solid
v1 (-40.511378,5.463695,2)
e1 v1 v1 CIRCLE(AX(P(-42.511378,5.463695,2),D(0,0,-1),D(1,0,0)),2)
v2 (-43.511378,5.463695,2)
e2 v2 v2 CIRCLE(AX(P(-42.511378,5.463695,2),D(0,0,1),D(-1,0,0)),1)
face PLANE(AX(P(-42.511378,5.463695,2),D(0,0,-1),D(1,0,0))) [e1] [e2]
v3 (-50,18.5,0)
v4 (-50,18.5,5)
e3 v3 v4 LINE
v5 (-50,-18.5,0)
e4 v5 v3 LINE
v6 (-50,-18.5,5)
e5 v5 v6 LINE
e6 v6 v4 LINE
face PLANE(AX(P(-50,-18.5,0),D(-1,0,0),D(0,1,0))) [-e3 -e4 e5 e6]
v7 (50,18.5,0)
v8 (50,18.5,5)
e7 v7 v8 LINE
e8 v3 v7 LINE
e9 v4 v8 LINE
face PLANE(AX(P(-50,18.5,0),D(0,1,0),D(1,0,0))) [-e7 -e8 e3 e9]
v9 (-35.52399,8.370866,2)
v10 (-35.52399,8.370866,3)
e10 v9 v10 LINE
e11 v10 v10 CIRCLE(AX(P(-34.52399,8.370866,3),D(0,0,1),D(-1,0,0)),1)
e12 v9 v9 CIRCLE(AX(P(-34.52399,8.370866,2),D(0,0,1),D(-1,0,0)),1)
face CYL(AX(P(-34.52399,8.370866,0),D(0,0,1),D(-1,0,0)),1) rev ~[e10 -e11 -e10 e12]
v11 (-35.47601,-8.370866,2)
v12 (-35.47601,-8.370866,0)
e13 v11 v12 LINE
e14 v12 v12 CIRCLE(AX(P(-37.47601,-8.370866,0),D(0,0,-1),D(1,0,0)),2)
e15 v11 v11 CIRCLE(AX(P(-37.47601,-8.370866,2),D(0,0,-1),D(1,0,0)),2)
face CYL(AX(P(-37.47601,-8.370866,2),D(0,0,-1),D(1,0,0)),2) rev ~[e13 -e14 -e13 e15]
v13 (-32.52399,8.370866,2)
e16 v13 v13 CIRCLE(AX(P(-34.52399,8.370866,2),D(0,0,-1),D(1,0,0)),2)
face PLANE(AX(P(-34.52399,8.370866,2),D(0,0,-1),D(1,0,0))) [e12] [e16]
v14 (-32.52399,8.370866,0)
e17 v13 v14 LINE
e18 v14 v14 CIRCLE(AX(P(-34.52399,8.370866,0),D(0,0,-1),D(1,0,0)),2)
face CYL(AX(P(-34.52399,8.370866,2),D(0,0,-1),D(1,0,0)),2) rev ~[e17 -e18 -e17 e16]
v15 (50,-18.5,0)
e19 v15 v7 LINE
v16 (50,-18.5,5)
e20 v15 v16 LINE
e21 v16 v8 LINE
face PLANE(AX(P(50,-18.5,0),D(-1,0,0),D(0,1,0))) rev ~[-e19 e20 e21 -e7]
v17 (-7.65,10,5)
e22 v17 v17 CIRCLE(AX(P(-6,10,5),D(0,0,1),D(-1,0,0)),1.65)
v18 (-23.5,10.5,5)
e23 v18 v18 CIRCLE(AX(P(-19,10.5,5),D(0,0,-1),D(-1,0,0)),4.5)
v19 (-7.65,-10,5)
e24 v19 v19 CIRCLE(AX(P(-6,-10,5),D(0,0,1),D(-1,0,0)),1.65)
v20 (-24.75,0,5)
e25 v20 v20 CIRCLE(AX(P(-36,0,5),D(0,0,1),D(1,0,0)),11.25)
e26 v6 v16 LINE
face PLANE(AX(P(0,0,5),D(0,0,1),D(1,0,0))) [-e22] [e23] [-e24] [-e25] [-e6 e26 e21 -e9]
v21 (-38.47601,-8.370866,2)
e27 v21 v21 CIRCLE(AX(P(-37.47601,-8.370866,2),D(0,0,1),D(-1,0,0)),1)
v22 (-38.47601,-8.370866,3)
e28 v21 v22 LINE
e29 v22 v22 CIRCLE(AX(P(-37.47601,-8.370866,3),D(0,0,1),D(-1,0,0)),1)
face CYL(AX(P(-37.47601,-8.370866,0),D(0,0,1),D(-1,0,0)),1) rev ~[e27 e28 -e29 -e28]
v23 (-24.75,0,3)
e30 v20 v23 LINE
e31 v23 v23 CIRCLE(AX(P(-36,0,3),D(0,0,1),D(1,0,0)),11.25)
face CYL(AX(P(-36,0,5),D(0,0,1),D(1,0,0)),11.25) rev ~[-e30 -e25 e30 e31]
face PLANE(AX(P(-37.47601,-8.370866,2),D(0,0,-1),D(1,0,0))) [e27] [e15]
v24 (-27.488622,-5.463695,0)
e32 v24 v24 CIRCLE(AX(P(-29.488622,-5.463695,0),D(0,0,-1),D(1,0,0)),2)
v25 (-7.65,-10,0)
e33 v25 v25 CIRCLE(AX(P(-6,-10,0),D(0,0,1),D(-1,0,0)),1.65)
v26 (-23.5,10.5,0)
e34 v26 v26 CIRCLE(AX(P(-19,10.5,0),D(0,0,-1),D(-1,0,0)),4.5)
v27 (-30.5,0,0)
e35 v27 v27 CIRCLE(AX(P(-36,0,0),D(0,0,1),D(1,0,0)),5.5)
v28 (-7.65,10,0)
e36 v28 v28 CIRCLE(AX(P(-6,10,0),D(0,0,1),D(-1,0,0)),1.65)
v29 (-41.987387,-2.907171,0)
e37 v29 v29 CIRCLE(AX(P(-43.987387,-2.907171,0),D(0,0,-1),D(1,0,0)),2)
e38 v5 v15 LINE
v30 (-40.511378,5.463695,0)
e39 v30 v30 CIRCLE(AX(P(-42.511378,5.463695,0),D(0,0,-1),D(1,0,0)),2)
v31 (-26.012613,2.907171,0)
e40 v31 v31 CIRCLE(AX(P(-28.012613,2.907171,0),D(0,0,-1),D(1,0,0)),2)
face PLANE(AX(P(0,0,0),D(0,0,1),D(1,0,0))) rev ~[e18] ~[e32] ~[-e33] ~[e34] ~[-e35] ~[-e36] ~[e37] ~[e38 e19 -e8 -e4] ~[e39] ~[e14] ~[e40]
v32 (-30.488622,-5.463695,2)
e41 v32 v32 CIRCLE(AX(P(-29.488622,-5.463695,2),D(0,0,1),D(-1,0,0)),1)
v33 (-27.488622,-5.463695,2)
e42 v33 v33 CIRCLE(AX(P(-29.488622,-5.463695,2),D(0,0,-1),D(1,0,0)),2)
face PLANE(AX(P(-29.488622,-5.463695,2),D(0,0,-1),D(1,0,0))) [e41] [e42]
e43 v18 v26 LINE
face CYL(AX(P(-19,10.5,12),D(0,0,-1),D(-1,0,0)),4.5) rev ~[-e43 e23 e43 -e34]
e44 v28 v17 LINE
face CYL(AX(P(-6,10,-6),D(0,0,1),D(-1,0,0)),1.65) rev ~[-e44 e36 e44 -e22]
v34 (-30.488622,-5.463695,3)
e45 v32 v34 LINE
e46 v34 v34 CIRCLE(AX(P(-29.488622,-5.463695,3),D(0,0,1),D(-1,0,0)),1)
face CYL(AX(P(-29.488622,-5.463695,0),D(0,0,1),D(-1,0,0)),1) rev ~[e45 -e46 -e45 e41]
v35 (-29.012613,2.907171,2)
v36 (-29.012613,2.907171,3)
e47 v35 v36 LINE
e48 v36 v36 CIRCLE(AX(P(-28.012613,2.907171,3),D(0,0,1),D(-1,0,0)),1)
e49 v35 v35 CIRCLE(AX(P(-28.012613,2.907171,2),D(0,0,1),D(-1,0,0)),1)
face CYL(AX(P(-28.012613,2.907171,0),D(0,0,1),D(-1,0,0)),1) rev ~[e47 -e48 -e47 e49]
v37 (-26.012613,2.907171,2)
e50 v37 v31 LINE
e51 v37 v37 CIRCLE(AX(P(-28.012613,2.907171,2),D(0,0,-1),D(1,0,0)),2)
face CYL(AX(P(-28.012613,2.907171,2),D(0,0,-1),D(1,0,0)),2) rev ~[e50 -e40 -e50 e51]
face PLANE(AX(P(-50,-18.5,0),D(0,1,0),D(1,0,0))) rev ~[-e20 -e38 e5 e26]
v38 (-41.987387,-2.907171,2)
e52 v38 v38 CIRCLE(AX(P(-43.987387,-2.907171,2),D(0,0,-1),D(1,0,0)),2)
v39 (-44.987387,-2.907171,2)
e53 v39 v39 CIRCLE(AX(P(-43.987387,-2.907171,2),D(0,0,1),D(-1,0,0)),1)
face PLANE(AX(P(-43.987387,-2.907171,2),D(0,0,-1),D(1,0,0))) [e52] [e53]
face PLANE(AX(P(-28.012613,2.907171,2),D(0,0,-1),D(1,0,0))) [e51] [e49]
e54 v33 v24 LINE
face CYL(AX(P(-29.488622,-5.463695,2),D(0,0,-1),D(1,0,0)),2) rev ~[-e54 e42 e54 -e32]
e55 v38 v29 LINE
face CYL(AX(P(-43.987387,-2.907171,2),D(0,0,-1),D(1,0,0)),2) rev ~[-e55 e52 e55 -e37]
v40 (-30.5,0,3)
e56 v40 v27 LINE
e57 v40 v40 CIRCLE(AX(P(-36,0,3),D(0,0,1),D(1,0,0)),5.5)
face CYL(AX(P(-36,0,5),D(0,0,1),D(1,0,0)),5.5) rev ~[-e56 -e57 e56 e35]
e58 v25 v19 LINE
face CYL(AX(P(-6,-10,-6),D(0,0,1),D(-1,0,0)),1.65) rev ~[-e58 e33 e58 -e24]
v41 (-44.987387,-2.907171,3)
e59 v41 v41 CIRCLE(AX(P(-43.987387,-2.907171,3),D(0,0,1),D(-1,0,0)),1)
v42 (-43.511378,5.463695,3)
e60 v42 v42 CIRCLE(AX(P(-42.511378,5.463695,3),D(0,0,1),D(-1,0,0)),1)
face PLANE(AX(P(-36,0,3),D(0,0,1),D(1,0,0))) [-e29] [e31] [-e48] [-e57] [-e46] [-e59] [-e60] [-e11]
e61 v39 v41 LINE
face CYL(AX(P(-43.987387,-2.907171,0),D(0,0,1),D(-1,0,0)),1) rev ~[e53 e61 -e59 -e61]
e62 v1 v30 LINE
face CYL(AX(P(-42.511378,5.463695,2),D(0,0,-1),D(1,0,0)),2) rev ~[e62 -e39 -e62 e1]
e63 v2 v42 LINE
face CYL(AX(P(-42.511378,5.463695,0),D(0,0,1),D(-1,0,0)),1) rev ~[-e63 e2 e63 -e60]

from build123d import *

# Parameters (mm, degrees)
F0_W           = 100
F0_H           = 37
F1_DEPTH       = 5
F2_R           = 5.5
F3_DEPTH       = 5
F4_R           = 11.25
F5_DEPTH       = 2
F7_D           = 2
F7_DEPTH       = 6
F7_CBORE_D     = 4
F7_CBORE_DEPTH = 2
F7_TIP         = 0.600860619
F9_D           = 9
F9_DEPTH       = 7
F9_TIP         = 2.7038727856
F11_D          = 3.3
F11_DEPTH      = 6
F11_TIP        = 0.9914200214


with BuildPart() as f1:
    # F0 (on Top) → F1 (new body)
    with BuildSketch(Plane.XY):
        Rectangle(F0_W, F0_H)
    extrude(amount=F1_DEPTH)

    # F2 (on face) → F3 (cut)
    with BuildSketch(Plane.XY.offset(5)):
        with Locations((-36, 0)):
            Circle(F2_R)
    extrude(amount=-F3_DEPTH, mode=Mode.SUBTRACT)

    # F4 (on face) → F5 (cut)
    with BuildSketch(Plane.XY.offset(5)):
        with Locations((-36, 0)):
            Circle(F4_R)
    extrude(amount=-F5_DEPTH, mode=Mode.SUBTRACT)

    # F7
    with Locations(Plane(origin=(0, 0, 0), x_dir=(1, 0, 0), z_dir=(0, 0, -1))):
        with Locations((-37.4760095102, 8.3708659006), (-43.9873872767, 2.9071712183), (-42.5113777665, -5.4636946823), (-34.5239904898, -8.3708659006), (-28.0126127233, -2.9071712183), (-29.4886222335, 5.4636946823)):
            CounterBoreHole(F7_D / 2, F7_CBORE_D / 2, F7_CBORE_DEPTH, depth=F7_DEPTH)
            with Locations((0, 0, -(F7_DEPTH + F7_TIP / 2))):  # 118° drill point
                Cone(0, F7_D / 2, F7_TIP, mode=Mode.SUBTRACT)

    # F9
    with Locations(Plane.XY.offset(5)):
        with Locations((-19, 10.5)):
            Hole(F9_D / 2, depth=F9_DEPTH)
            with Locations((0, 0, -(F9_DEPTH + F9_TIP / 2))):  # 118° drill point
                Cone(0, F9_D / 2, F9_TIP, mode=Mode.SUBTRACT)

    # F11
    with Locations(Plane(origin=(0, 0, 0), x_dir=(1, 0, 0), z_dir=(0, 0, -1))):
        with Locations((-6, 10), (-6, -10)):
            Hole(F11_D / 2, depth=F11_DEPTH)
            with Locations((0, 0, -(F11_DEPTH + F11_TIP / 2))):  # 118° drill point
                Cone(0, F11_D / 2, F11_TIP, mode=Mode.SUBTRACT)


solid = f1.part
